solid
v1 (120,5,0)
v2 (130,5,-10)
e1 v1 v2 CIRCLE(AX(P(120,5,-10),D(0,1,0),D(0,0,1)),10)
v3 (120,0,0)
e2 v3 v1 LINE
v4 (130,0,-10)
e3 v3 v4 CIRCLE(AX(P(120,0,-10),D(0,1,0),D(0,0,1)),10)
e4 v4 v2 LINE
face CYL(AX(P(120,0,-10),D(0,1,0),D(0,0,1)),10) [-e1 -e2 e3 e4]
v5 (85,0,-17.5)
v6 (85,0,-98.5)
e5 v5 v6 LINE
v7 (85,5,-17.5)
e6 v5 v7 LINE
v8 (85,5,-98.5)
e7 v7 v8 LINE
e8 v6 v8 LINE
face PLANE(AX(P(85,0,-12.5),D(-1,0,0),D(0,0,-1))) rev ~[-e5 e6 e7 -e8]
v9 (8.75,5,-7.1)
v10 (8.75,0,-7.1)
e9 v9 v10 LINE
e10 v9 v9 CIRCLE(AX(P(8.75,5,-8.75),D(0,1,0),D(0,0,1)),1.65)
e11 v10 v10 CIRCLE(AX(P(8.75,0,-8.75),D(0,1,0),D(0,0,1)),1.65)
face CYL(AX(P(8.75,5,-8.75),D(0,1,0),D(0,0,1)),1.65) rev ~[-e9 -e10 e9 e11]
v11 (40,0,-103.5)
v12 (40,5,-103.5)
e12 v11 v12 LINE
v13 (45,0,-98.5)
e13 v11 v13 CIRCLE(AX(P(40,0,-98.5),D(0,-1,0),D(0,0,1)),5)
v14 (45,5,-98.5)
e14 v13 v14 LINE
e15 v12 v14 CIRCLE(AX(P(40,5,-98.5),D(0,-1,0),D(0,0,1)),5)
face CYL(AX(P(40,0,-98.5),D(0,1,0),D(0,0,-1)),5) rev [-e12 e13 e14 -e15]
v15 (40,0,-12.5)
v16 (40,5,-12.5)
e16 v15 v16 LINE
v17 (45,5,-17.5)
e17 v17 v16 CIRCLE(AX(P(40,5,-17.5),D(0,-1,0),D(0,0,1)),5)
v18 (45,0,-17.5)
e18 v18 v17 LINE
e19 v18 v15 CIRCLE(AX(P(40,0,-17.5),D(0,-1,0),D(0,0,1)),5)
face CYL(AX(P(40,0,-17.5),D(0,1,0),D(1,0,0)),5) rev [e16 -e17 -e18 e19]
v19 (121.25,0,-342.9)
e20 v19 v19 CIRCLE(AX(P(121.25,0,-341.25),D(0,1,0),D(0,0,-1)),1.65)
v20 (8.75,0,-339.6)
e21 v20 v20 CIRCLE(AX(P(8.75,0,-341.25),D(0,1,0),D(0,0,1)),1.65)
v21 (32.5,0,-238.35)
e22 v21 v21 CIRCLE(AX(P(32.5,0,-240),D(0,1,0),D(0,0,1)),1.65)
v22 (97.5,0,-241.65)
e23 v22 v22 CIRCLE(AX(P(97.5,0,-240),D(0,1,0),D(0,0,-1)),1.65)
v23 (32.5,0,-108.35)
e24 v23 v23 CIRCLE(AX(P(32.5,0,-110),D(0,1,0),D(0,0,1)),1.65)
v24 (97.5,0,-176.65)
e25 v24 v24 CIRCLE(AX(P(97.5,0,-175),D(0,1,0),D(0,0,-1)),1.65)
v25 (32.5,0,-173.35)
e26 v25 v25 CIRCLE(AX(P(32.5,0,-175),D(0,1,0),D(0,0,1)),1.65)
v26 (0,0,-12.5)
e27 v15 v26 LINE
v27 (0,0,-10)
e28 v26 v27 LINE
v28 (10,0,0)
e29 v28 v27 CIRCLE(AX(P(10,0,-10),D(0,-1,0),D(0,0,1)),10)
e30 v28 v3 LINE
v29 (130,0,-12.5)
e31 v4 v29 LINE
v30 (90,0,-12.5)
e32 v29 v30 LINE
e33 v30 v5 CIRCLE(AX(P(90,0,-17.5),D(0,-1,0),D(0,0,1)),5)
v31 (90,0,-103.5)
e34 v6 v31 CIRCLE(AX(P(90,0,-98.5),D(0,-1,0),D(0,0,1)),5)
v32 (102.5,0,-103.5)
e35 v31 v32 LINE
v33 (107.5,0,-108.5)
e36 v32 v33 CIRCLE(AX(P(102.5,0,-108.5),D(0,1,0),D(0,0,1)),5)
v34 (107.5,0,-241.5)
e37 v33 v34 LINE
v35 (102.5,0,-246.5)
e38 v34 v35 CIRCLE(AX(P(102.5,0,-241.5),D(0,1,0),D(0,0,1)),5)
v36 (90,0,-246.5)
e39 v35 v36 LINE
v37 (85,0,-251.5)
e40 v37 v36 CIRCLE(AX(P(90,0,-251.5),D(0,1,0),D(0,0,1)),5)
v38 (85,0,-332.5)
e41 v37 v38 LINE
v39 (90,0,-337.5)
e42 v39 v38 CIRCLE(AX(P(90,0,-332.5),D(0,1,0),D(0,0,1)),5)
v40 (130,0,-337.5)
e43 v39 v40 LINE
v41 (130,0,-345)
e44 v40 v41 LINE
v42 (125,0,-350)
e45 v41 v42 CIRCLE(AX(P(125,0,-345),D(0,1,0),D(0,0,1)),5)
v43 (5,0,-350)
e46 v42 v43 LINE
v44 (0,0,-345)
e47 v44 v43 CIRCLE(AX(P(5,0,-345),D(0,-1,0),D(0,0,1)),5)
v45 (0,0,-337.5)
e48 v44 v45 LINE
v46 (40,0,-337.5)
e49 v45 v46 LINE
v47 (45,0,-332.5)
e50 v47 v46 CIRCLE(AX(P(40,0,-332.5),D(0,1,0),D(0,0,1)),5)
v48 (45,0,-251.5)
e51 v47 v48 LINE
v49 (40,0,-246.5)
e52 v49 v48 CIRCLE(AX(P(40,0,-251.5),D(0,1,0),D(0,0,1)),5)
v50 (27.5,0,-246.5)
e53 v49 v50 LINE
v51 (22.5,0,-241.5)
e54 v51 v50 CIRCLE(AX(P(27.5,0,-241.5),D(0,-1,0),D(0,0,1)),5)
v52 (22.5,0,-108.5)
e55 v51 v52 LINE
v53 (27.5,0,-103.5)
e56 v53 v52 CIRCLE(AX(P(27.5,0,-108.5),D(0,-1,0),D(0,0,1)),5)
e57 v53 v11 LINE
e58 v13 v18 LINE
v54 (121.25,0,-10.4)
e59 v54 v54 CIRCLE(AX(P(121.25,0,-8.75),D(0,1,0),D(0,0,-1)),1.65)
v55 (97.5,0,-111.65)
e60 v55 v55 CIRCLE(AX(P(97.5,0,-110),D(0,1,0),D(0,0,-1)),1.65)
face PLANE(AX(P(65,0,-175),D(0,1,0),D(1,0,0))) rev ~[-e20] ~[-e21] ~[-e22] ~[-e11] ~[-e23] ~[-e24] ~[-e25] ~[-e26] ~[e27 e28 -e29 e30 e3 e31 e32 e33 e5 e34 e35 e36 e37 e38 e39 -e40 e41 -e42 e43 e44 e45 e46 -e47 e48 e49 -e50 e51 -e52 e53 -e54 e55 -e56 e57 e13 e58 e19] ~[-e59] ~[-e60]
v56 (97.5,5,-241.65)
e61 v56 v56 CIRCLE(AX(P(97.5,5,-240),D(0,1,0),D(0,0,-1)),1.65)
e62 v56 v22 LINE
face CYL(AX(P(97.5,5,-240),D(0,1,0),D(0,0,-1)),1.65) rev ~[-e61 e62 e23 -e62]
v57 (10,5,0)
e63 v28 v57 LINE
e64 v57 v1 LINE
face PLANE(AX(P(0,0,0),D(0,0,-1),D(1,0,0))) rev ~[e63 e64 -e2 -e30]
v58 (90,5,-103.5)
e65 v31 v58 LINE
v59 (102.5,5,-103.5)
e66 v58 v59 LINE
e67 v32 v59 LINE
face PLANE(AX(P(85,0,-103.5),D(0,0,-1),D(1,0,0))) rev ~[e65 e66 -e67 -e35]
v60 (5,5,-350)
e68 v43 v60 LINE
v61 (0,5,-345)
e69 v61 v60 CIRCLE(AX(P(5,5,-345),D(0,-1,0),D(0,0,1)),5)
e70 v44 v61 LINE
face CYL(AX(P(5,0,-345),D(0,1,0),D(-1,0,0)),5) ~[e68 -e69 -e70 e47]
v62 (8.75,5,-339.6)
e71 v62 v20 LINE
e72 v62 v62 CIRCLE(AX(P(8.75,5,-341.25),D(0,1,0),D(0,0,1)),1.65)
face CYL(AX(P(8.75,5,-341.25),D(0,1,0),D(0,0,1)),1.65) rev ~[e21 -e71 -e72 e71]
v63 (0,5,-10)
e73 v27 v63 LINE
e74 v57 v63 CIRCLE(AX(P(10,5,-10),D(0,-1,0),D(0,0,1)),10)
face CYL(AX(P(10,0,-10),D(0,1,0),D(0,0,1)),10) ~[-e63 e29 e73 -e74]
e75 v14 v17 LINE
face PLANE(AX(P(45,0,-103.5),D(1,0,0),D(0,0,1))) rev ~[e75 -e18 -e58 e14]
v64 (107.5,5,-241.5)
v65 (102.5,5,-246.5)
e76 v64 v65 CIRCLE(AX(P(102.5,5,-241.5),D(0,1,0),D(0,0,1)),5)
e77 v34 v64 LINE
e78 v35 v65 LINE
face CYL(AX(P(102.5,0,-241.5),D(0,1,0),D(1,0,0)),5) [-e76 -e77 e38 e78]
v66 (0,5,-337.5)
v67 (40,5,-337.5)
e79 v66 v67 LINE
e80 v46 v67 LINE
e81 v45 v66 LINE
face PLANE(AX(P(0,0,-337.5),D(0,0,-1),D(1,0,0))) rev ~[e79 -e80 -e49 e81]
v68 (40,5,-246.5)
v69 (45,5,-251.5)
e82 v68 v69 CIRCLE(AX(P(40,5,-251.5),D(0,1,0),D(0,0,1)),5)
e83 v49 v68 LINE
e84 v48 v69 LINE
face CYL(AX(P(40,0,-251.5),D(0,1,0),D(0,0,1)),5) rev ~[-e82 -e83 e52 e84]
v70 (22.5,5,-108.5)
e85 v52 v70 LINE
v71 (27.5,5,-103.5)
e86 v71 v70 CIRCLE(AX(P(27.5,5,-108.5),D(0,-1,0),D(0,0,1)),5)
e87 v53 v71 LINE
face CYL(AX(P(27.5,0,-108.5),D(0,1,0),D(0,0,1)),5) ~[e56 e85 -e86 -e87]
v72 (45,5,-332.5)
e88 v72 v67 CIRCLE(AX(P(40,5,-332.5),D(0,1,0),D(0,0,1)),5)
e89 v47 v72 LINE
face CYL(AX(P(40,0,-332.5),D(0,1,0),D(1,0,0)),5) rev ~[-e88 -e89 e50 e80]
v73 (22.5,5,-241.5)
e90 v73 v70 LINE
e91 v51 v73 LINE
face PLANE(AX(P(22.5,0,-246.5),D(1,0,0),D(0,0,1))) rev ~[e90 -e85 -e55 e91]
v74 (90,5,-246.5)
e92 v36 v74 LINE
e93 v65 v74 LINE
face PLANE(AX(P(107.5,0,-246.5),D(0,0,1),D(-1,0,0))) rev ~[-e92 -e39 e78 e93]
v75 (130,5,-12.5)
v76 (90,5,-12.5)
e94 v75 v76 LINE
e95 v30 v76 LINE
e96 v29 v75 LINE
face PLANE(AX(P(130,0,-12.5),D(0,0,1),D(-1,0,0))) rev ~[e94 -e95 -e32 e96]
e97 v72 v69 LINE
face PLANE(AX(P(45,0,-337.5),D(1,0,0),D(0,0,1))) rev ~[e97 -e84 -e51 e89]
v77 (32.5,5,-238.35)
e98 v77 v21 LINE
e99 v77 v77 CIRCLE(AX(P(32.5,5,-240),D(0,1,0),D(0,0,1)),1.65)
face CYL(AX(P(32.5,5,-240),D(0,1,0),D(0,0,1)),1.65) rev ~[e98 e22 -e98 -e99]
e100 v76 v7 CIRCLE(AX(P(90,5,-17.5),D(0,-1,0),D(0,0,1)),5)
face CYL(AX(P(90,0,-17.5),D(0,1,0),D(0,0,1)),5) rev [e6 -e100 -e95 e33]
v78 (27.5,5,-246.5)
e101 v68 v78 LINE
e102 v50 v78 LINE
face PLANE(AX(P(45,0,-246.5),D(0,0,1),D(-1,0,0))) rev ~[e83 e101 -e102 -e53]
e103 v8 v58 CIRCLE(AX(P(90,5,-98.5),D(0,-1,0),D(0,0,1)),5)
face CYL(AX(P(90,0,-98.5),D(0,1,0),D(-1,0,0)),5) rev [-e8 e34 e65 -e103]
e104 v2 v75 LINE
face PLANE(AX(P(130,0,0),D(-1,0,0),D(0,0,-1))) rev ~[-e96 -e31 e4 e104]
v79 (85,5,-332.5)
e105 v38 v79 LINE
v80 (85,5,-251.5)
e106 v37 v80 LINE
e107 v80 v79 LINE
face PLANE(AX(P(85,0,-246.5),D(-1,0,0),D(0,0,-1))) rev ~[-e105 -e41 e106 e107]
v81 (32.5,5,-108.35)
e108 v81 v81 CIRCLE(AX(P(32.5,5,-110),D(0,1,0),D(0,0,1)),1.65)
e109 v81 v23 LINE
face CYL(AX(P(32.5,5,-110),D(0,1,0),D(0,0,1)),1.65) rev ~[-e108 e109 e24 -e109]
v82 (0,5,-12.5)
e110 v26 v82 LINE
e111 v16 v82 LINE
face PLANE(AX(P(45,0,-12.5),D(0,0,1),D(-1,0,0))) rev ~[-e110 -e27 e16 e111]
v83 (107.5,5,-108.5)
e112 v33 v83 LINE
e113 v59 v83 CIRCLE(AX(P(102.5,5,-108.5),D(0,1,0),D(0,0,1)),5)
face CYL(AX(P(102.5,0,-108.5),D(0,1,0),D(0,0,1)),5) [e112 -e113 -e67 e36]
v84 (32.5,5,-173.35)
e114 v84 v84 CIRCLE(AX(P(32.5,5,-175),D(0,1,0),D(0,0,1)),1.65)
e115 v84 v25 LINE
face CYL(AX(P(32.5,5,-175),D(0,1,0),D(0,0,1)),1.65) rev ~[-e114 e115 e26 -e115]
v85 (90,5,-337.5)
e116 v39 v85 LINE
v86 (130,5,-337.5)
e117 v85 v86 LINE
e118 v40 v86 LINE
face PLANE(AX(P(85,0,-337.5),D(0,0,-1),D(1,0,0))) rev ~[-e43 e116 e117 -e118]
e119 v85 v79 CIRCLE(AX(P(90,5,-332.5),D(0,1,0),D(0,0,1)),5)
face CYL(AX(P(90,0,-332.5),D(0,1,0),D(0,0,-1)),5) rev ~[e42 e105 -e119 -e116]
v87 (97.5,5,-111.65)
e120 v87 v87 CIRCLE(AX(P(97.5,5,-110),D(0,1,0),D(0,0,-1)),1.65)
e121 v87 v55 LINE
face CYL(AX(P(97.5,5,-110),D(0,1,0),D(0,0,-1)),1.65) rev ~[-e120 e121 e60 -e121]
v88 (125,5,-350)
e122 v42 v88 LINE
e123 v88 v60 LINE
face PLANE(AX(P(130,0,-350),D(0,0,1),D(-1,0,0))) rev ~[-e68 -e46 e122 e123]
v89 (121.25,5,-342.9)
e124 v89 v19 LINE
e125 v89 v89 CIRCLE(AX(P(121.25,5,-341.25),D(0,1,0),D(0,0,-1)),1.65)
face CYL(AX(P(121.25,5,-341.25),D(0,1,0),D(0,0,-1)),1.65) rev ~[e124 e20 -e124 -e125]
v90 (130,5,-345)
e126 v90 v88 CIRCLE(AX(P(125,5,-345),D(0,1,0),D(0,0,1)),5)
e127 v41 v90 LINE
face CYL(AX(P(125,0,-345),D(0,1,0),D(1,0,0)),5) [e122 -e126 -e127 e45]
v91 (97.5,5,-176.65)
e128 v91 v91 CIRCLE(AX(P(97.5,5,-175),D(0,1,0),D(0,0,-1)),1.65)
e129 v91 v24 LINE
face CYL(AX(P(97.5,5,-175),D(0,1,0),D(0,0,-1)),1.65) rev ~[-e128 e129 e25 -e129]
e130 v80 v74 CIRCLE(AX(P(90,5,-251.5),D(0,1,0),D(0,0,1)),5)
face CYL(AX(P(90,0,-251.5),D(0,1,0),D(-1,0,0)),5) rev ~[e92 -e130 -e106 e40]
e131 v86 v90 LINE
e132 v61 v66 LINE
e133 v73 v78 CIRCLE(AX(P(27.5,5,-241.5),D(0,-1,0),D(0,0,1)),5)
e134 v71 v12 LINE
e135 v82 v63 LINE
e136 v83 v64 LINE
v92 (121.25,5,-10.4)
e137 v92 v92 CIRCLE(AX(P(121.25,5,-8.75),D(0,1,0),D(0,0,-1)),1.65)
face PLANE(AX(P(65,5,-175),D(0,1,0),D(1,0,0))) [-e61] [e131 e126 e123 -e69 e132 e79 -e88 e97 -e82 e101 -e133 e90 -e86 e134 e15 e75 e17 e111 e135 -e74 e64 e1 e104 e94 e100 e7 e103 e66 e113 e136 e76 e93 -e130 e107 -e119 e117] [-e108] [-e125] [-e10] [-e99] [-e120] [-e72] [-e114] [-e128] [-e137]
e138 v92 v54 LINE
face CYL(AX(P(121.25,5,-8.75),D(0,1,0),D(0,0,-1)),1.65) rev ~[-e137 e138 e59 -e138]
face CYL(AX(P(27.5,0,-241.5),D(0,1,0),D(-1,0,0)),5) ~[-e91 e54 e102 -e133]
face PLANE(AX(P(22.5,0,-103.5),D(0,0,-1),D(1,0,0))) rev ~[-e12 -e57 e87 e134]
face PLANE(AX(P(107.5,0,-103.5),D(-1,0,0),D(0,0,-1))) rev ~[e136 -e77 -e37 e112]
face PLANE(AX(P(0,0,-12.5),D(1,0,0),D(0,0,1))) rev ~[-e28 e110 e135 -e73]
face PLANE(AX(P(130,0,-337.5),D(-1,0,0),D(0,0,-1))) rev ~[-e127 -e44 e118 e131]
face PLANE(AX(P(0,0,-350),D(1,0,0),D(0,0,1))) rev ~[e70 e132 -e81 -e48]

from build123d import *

# Parameters (mm, degrees)
BOSS_EXTRUDE1_DEPTH = 5
FILLET1_R           = 10
FILLET2_R           = 5
SKETCH2_R           = 1.65
CUT_EXTRUDE1_DEPTH  = 374.396572025
SKETCH3_R           = 1.65
CUT_EXTRUDE2_DEPTH  = 374.396572025
SKETCH4_R           = 1.65
CUT_EXTRUDE3_DEPTH  = 374.396572025
FILLET3_R           = 5


with BuildPart() as part:
    # Sketch1 → Boss-Extrude1 (new body)
    with BuildSketch(Plane(origin=(0, 0, 0), x_dir=(1, 0, 0), z_dir=(0, 1, 0))):
        Polygon((0, 0), (130, 0), (130, 12.5), (85, 12.5), (85, 103.5), (107.5, 103.5), (107.5, 246.5), (85, 246.5), (85, 337.5), (130, 337.5), (130, 350), (0, 350), (0, 337.5), (45, 337.5), (45, 246.5), (22.5, 246.5), (22.5, 103.5), (45, 103.5), (45, 12.5), (0, 12.5), align=None)
    extrude(amount=BOSS_EXTRUDE1_DEPTH)

    # Fillet1
    fillet1_edges = [part.edges().sort_by_distance(p)[0] for p in [
        (130, 2.5, 0),
        (0, 2.5, 0),
    ]]
    fillet(fillet1_edges, radius=FILLET1_R)

    # Fillet2
    fillet2_edges = [part.edges().sort_by_distance(p)[0] for p in [
        (22.5, 2.5, -103.5),
        (22.5, 2.5, -246.5),
        (0, 2.5, -350),
        (130, 2.5, -350),
        (107.5, 2.5, -246.5),
        (107.5, 2.5, -103.5),
    ]]
    fillet(fillet2_edges, radius=FILLET2_R)

    # Sketch2 → Cut-Extrude1 (cut, through all)
    with BuildSketch(Plane(origin=(0, 5, 0), x_dir=(1, 0, 0), z_dir=(0, 1, 0))):
        with Locations(Location((32.5, 240, 0), (0, 0, 270))):
            Circle(SKETCH2_R)
        with Locations(Location((32.5, 175, 0), (0, 0, 270))):
            Circle(SKETCH2_R)
        with Locations(Location((32.5, 110, 0), (0, 0, 270))):
            Circle(SKETCH2_R)
        with Locations(Location((97.5, 110, 0), (0, 0, 90))):
            Circle(SKETCH2_R)
        with Locations(Location((97.5, 175, 0), (0, 0, 90))):
            Circle(SKETCH2_R)
        with Locations(Location((97.5, 240, 0), (0, 0, 90))):
            Circle(SKETCH2_R)
    extrude(amount=-CUT_EXTRUDE1_DEPTH, mode=Mode.SUBTRACT)

    # Sketch3 → Cut-Extrude2 (cut, through all)
    with BuildSketch(Plane(origin=(0, 5, 0), x_dir=(1, 0, 0), z_dir=(0, 1, 0))):
        with Locations(Location((8.75, 8.75, 0), (0, 0, 270))):
            Circle(SKETCH3_R)
        with Locations(Location((121.25, 8.75, 0), (0, 0, 90))):
            Circle(SKETCH3_R)
    extrude(amount=-CUT_EXTRUDE2_DEPTH, mode=Mode.SUBTRACT)

    # Sketch4 → Cut-Extrude3 (cut, through all)
    with BuildSketch(Plane(origin=(0, 5, 0), x_dir=(1, 0, 0), z_dir=(0, 1, 0))):
        with Locations(Location((8.75, 341.25, 0), (0, 0, 270))):
            Circle(SKETCH4_R)
        with Locations(Location((121.25, 341.25, 0), (0, 0, 90))):
            Circle(SKETCH4_R)
    extrude(amount=-CUT_EXTRUDE3_DEPTH, mode=Mode.SUBTRACT)

    # Fillet3
    fillet3_edges = [part.edges().sort_by_distance(p)[0] for p in [
        (45, 2.5, -12.5),
        (45, 2.5, -103.5),
        (45, 2.5, -246.5),
        (45, 2.5, -337.5),
        (85, 2.5, -337.5),
        (85, 2.5, -246.5),
        (85, 2.5, -103.5),
        (85, 2.5, -12.5),
    ]]
    fillet(fillet3_edges, radius=FILLET3_R)


solid = part.part
